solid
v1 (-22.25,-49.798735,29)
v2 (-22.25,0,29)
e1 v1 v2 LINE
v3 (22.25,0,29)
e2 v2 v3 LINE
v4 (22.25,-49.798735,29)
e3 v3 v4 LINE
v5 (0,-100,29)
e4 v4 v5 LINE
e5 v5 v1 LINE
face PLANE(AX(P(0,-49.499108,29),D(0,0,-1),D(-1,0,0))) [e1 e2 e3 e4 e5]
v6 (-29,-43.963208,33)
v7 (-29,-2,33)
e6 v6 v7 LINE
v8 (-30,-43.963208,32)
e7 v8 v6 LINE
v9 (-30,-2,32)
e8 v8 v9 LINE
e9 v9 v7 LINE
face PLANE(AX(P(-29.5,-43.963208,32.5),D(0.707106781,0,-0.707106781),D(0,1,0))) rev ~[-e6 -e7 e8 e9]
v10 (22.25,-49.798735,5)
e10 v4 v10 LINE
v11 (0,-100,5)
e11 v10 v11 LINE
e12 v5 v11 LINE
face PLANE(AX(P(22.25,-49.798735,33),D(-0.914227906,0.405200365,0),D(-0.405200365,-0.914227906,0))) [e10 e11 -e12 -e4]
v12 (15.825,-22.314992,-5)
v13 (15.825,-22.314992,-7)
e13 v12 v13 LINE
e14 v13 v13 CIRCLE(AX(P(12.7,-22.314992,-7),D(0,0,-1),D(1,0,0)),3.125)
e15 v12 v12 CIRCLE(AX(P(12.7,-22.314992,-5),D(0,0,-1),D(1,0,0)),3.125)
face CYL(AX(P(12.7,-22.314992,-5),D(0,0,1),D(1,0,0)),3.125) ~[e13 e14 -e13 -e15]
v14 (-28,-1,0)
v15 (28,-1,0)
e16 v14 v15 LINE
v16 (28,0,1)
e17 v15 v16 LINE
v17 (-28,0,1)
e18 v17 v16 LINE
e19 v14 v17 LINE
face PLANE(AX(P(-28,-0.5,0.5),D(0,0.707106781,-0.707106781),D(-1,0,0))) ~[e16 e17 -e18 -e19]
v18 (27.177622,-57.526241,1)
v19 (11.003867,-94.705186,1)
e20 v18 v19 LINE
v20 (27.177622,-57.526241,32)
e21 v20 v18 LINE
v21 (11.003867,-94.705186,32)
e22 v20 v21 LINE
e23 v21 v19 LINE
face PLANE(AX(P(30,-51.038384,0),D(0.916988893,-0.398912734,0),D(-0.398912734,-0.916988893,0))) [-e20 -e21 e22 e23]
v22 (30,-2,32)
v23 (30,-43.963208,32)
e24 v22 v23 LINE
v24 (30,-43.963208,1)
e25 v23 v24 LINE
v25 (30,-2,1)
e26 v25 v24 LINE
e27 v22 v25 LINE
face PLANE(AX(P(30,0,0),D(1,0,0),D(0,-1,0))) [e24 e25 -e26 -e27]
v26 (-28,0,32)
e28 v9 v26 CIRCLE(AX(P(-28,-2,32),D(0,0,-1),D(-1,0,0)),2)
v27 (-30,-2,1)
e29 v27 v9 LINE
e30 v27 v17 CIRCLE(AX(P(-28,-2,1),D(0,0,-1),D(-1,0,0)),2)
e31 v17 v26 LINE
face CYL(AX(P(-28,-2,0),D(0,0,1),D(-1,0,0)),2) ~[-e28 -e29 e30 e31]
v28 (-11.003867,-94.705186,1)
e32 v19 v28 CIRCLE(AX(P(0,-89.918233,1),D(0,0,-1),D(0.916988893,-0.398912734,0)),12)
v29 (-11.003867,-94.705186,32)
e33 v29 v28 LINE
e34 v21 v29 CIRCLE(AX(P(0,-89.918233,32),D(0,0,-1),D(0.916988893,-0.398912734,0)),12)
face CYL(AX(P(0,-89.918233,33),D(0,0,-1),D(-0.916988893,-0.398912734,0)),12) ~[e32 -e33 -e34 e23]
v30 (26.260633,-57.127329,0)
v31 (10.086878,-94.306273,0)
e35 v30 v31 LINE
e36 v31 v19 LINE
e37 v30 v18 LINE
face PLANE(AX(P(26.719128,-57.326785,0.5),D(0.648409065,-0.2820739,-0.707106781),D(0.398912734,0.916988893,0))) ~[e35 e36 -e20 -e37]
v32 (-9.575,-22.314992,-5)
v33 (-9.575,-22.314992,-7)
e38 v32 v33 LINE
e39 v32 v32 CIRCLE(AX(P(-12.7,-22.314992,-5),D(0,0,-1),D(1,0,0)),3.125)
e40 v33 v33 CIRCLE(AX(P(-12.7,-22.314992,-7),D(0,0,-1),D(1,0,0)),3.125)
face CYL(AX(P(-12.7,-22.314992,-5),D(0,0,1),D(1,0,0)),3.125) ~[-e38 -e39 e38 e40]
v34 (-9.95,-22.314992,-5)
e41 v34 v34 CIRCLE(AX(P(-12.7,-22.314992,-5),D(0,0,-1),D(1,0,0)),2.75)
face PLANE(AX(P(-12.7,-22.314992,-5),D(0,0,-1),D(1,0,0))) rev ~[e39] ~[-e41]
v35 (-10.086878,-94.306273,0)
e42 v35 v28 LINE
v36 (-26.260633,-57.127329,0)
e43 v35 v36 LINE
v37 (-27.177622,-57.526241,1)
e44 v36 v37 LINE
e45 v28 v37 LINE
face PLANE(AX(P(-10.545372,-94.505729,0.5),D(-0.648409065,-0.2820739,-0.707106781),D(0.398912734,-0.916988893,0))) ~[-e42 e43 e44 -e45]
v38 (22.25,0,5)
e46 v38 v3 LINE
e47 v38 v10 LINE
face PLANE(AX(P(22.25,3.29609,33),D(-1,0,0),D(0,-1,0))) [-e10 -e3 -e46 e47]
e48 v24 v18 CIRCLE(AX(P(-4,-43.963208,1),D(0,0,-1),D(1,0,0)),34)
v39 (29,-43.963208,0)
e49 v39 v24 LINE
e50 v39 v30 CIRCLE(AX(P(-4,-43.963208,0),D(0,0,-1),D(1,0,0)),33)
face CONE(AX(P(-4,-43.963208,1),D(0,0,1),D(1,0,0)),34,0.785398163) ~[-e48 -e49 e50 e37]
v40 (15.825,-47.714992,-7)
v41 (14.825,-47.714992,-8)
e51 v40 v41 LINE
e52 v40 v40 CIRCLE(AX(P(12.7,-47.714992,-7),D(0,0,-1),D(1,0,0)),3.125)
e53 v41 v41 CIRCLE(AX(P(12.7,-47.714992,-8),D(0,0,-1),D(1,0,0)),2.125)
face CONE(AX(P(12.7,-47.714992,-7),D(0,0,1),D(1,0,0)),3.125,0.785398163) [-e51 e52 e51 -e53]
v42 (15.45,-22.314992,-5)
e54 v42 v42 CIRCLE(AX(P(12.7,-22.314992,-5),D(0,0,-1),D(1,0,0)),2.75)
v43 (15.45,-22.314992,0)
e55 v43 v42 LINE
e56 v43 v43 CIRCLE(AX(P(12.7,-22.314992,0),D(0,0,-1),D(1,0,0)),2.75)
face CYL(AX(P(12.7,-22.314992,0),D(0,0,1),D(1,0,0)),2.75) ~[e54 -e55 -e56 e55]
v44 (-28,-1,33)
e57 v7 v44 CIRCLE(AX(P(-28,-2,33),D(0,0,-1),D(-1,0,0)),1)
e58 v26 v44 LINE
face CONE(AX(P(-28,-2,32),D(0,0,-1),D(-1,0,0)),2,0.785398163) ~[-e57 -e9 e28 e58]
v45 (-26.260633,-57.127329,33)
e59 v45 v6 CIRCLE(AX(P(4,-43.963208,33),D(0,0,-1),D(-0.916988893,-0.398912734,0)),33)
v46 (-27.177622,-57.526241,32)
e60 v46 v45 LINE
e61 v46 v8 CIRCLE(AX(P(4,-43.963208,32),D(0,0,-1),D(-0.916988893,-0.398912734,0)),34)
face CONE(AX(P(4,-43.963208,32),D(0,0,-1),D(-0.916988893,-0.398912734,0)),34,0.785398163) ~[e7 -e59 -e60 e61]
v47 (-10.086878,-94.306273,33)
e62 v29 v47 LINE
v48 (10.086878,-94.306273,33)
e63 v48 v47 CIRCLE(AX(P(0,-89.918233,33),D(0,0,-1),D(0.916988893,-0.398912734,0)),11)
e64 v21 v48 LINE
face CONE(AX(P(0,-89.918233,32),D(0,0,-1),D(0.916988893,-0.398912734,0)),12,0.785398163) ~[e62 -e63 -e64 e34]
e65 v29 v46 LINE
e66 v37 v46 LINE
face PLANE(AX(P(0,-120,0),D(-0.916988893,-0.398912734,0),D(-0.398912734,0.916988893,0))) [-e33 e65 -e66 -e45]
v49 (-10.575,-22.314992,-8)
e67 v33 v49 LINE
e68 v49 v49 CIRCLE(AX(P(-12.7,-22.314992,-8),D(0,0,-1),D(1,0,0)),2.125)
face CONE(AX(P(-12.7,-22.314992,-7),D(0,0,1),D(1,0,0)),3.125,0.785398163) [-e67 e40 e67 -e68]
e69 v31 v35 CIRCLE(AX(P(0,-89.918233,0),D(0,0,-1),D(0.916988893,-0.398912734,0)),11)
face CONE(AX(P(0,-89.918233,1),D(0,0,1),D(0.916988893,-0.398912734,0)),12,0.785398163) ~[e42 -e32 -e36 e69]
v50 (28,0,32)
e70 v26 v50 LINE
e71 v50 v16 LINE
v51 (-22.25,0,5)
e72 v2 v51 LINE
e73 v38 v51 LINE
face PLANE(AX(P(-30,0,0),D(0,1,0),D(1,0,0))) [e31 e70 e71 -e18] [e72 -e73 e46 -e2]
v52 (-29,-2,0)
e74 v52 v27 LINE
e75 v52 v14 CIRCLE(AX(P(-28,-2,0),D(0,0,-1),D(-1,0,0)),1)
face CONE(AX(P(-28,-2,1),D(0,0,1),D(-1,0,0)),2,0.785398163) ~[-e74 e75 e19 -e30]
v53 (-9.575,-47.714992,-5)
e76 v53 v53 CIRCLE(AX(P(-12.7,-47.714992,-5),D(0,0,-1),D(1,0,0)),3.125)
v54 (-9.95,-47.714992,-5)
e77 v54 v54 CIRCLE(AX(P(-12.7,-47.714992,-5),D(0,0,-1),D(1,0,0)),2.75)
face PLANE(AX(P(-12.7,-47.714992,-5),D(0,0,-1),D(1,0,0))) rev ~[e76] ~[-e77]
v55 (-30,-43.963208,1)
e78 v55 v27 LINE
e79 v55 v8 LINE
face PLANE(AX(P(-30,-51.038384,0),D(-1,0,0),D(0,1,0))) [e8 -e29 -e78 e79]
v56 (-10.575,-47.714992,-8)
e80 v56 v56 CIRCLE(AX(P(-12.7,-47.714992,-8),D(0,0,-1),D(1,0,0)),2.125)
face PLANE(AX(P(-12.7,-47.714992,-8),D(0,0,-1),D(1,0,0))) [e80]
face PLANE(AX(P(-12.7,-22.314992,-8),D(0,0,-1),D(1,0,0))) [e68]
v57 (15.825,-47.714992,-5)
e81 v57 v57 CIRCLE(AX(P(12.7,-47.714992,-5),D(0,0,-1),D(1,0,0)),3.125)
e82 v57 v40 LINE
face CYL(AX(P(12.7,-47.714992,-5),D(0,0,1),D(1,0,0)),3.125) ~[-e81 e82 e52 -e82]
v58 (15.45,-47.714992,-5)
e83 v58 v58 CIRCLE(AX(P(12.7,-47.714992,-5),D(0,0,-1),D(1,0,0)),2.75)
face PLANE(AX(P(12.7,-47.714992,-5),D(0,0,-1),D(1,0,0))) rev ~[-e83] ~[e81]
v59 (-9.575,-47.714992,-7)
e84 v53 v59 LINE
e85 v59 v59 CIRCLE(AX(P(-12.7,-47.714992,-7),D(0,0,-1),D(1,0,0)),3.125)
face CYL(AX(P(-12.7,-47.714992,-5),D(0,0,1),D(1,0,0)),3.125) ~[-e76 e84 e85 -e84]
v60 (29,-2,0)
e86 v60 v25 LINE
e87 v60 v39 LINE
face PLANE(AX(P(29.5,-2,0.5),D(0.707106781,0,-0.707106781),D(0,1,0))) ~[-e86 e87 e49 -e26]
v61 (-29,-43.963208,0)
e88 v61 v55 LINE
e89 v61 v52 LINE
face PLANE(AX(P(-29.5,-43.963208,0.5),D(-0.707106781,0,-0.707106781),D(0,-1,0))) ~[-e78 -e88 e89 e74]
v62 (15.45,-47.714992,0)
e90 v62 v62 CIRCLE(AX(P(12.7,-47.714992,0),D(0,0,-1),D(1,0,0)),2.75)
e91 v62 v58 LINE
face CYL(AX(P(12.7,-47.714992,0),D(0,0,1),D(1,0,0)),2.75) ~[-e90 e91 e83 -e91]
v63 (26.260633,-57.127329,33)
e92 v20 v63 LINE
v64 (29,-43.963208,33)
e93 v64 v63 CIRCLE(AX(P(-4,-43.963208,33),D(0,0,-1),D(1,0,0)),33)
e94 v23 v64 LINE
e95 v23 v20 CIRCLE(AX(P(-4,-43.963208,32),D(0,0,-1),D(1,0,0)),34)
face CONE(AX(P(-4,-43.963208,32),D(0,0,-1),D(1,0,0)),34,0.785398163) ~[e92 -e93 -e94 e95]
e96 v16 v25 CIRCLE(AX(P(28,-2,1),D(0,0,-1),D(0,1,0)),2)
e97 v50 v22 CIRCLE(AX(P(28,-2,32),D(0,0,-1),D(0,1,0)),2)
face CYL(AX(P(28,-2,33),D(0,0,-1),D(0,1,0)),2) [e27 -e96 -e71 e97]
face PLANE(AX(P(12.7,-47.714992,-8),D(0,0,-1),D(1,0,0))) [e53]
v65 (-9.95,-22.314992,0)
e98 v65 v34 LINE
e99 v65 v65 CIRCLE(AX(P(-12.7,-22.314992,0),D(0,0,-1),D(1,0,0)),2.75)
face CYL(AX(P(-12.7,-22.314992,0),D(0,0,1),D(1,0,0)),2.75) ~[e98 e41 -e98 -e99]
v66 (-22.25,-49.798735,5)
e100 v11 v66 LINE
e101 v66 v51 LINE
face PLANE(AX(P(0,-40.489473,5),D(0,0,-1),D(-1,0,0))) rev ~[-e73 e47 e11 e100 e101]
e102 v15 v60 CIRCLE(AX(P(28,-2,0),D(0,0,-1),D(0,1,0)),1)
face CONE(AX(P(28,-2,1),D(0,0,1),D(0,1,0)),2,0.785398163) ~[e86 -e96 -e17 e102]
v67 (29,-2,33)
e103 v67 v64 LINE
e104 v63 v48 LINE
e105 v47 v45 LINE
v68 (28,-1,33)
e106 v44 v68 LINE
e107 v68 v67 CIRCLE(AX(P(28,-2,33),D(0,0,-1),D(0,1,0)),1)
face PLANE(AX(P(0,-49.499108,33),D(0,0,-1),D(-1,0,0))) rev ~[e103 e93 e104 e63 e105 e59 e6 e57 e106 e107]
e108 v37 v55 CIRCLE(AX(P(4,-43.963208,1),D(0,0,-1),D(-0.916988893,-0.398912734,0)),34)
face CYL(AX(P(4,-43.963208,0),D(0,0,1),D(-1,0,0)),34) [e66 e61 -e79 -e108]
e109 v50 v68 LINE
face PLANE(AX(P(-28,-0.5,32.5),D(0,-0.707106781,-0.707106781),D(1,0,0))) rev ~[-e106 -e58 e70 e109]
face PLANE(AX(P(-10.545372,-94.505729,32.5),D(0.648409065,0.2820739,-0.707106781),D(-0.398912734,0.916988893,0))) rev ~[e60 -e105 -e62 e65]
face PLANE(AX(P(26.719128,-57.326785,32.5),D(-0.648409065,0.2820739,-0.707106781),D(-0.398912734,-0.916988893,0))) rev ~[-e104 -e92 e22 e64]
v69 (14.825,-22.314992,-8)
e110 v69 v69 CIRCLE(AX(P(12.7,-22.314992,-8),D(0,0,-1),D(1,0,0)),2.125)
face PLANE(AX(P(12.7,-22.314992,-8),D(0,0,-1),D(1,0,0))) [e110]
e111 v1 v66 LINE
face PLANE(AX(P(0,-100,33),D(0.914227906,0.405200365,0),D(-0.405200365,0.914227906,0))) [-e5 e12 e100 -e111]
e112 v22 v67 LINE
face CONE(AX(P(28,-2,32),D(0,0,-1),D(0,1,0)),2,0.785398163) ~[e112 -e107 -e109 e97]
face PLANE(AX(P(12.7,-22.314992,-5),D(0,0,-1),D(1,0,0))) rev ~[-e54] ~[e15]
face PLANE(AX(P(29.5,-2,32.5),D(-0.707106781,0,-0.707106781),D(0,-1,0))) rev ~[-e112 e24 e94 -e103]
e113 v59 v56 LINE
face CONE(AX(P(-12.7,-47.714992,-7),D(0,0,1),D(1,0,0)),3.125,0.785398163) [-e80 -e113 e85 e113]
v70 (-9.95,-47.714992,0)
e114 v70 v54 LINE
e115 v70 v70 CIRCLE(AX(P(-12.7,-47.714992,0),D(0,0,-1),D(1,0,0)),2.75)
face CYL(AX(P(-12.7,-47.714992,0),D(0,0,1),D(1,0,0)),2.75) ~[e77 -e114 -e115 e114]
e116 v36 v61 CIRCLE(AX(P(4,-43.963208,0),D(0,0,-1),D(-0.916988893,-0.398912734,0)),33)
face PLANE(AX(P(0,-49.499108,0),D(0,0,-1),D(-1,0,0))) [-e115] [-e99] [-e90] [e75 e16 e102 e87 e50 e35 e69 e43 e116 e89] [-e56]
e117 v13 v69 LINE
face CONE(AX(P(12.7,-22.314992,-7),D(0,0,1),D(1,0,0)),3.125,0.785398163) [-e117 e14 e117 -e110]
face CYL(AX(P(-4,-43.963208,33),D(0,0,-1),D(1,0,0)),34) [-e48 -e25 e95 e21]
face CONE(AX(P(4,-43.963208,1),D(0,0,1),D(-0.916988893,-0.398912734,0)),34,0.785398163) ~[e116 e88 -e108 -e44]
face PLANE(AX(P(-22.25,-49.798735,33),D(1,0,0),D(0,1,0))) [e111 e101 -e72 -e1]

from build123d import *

# Parameters (mm, degrees)
PAD_DEPTH       = 33
POCKET_DEPTH    = 28
PAD001_DEPTH    = 4
SKETCH003_R     = 2.75
PAD002_DEPTH    = 5
SKETCH004_R     = 3.125
PAD003_DEPTH    = 3
FILLET_R        = 34
FILLET001_R     = 12
FILLET002_R     = 2
CHAMFER_SIZE    = 1
CHAMFER001_SIZE = 1
CHAMFER002_SIZE = 1


with BuildPart() as part:
    # Sketch → Pad (new body)
    with BuildSketch(Plane.XY):
        Polygon((-30, 0), (30, 0), (30, -51.038384), (0, -120), (-30, -51.038384), align=None)
    extrude(amount=PAD_DEPTH)

    # Sketch001 (on Face7 of Pad) → Pocket (cut)
    with BuildSketch(Plane.XY.offset(33)):
        Polygon((-22.25, 3.29609), (22.25, 3.29609), (22.25, -49.798735), (0, -100), (-22.25, -49.798735), align=None)
    extrude(amount=-POCKET_DEPTH, mode=Mode.SUBTRACT)

    # Sketch002 (on Face4 of Pocket) → Pad001 (join)
    with BuildSketch(Plane.XY.offset(33)):
        Polygon((-30, 0), (30, 0), (30, -51.038384), (0, -120), (-30, -51.038384), align=None)
    extrude(amount=-PAD001_DEPTH)

    # Sketch003 (on Face2 of Pad001) → Pad002 (join)
    with BuildSketch(Plane(origin=(0, 0, 0), x_dir=(1, 0, 0), z_dir=(0, 0, -1))):
        with Locations((-12.7, 22.314992)):
            Circle(SKETCH003_R)
        with Locations((12.7, 22.314992)):
            Circle(SKETCH003_R)
        with Locations((-12.7, 47.714992)):
            Circle(SKETCH003_R)
        with Locations((12.7, 47.714992)):
            Circle(SKETCH003_R)
    extrude(amount=PAD002_DEPTH)

    # Sketch004 (on Face25 of Pad002) → Pad003 (join)
    with BuildSketch(Plane(origin=(0, 0, -5), x_dir=(1, 0, 0), z_dir=(0, 0, -1))):
        with Locations((12.7, 47.714992)):
            Circle(SKETCH004_R)
        with Locations((-12.7, 47.714992)):
            Circle(SKETCH004_R)
        with Locations((-12.7, 22.314992)):
            Circle(SKETCH004_R)
        with Locations((12.7, 22.314992)):
            Circle(SKETCH004_R)
    extrude(amount=PAD003_DEPTH)

    # Fillet
    fillet_edges = [part.edges().sort_by_distance(p)[0] for p in [
        (30, -51.038384, 14.5),
        (-30, -51.038384, 14.5),
    ]]
    fillet(fillet_edges, radius=FILLET_R)

    # Fillet001
    fillet001_edges = [part.edges().sort_by_distance(p)[0] for p in [
        (0, -120, 14.5),
    ]]
    fillet(fillet001_edges, radius=FILLET001_R)

    # Fillet002
    fillet002_edges = [part.edges().sort_by_distance(p)[0] for p in [
        (-30, 0, 14.5),
        (30, 0, 14.5),
    ]]
    fillet(fillet002_edges, radius=FILLET002_R)

    # Chamfer
    chamfer_edges = [part.edges().sort_by_distance(p)[0] for p in [
        (30, -22.981604, 33),
    ]]
    chamfer(chamfer_edges, length=CHAMFER_SIZE)

    # Chamfer001
    chamfer001_edges = [part.edges().sort_by_distance(p)[0] for p in [
        (0, 0, 0),
    ]]
    chamfer(chamfer001_edges, length=CHAMFER001_SIZE)

    # Chamfer002
    chamfer002_edges = [part.edges().sort_by_distance(p)[0] for p in [
        (-15.825, -22.314992, -8),
        (9.575, -22.314992, -8),
        (9.575, -47.714992, -8),
        (-15.825, -47.714992, -8),
    ]]
    chamfer(chamfer002_edges, length=CHAMFER002_SIZE)


solid = part.part
